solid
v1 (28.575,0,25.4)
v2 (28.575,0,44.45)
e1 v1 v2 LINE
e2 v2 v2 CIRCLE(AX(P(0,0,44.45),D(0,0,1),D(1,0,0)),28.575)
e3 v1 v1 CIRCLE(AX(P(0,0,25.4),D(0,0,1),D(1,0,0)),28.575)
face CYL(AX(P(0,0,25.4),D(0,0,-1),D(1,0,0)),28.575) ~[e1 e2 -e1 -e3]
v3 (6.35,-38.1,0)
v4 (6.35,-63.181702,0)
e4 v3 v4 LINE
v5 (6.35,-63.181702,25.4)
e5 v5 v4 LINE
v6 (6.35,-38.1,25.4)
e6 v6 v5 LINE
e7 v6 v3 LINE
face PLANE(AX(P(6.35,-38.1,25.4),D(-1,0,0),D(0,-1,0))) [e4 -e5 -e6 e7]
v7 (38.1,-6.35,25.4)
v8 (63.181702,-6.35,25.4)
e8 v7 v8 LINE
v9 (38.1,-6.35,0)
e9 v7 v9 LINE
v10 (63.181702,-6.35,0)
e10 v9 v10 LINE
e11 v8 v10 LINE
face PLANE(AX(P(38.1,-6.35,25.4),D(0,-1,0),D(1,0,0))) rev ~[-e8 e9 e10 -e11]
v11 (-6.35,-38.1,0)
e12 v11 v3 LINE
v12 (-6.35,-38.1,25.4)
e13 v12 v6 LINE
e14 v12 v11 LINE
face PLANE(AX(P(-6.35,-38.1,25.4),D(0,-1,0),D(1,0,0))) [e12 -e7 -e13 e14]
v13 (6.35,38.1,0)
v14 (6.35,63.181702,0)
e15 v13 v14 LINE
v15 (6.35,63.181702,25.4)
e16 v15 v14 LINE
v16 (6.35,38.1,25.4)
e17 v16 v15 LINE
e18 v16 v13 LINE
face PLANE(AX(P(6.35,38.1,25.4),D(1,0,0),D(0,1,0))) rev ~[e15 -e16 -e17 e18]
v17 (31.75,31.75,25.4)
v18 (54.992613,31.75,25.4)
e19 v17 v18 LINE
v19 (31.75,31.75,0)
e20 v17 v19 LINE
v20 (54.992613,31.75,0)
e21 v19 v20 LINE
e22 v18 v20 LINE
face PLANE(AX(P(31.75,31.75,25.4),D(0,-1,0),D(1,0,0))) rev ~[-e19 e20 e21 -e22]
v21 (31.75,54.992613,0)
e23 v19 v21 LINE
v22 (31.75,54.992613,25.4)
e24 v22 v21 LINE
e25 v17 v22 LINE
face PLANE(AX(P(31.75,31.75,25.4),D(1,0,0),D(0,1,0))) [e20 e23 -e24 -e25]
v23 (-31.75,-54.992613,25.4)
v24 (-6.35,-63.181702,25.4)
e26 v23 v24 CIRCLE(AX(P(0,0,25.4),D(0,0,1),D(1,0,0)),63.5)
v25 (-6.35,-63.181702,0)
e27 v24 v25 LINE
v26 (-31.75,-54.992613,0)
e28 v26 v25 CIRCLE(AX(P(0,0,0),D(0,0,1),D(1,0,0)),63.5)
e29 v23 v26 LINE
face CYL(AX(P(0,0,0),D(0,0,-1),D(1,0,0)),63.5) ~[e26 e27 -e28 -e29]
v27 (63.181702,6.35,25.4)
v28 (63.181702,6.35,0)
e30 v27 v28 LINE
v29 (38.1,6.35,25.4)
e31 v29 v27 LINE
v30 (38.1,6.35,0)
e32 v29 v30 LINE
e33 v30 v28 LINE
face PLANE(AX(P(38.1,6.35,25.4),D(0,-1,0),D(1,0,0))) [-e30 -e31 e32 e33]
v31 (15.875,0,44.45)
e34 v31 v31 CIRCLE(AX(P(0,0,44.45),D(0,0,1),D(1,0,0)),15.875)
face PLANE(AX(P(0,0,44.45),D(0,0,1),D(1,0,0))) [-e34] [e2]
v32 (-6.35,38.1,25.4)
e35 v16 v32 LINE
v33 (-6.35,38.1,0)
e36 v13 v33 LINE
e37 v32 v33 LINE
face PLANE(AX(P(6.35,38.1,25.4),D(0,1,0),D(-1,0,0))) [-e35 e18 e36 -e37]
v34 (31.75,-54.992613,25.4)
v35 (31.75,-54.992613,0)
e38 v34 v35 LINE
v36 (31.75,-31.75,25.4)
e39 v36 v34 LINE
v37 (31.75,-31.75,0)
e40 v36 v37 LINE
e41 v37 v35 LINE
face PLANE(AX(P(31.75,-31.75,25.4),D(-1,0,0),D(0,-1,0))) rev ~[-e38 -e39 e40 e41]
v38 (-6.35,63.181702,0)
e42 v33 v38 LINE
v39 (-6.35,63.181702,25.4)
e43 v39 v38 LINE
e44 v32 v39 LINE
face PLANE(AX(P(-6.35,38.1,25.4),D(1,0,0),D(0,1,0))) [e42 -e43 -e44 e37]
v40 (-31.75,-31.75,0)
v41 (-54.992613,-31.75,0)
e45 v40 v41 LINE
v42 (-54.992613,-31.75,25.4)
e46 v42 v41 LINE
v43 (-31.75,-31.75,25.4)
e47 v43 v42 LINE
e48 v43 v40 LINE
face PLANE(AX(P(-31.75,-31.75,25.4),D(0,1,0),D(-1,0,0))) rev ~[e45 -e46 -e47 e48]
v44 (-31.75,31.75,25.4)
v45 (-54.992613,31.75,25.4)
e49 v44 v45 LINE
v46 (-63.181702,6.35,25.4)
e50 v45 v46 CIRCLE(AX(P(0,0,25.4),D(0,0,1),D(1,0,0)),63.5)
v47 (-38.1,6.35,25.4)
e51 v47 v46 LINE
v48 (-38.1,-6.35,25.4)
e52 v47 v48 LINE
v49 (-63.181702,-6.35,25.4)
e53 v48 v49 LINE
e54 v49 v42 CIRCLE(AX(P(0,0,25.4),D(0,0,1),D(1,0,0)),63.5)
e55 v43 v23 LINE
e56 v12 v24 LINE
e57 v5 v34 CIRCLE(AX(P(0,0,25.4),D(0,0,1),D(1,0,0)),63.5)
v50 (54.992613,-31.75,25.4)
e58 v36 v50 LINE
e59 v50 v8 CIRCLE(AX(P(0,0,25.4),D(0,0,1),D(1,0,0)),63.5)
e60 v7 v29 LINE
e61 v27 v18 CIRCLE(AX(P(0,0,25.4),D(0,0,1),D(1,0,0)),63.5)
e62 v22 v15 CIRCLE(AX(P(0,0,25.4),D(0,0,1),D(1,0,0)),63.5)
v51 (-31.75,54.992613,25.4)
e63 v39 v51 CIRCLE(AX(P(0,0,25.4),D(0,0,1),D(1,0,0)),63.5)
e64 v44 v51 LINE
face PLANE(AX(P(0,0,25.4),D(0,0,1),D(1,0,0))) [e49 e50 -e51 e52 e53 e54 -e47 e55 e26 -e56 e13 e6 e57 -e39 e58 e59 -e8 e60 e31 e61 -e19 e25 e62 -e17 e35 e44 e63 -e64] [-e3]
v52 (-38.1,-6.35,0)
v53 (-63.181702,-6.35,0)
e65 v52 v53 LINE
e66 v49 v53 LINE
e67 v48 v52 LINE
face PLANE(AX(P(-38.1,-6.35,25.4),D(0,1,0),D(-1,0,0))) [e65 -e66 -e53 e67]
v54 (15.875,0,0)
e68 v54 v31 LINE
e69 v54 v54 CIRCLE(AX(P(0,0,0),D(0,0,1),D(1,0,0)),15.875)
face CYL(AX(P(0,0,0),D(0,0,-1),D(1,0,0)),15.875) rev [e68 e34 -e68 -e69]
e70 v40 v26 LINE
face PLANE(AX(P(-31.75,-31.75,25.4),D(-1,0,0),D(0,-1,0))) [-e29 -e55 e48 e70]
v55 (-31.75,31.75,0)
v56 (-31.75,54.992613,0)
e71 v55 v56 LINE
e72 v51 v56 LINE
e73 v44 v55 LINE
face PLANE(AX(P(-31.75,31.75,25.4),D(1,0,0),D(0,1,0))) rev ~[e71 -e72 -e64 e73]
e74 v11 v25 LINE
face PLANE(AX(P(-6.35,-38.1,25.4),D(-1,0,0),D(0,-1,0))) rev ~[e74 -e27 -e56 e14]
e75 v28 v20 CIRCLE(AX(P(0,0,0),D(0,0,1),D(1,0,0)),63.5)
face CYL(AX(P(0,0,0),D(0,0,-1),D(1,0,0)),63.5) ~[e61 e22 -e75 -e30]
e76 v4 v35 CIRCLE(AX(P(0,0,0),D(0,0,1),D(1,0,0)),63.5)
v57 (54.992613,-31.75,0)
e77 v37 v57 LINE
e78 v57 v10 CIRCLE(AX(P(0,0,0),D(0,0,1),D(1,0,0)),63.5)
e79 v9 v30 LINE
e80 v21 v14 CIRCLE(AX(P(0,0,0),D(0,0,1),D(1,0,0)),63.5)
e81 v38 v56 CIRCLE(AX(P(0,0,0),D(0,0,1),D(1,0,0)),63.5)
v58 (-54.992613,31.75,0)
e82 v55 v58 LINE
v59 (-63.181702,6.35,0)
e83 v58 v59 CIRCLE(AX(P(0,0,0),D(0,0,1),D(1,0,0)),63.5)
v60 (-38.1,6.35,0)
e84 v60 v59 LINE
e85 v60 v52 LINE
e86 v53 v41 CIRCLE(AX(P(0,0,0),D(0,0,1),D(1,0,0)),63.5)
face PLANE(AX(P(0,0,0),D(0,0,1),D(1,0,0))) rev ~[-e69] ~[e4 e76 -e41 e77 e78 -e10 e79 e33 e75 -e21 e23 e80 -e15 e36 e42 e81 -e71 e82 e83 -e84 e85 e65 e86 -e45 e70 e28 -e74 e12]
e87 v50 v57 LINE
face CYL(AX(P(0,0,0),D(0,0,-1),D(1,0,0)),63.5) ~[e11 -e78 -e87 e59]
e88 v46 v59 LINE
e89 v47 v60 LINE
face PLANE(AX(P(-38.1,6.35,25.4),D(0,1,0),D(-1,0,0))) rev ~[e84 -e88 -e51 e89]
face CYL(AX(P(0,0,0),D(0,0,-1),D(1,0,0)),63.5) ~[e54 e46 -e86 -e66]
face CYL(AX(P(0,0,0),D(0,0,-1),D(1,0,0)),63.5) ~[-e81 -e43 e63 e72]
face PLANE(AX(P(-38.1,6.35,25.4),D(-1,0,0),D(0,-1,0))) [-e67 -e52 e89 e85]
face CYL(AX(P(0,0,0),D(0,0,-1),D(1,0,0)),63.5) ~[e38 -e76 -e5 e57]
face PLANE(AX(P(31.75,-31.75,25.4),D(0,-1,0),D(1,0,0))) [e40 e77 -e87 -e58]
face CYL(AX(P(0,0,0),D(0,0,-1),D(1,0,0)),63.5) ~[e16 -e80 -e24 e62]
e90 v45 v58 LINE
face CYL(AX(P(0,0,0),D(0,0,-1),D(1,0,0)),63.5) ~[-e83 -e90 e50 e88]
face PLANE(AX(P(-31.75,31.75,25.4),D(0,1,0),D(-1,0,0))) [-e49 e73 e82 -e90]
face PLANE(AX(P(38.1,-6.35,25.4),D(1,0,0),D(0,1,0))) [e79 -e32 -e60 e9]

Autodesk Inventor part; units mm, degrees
ref_plane "YZ Plane" through (0, 0, 0) normal (1, 0, 0) x (0, 1, 0)
ref_plane "XZ Plane" through (0, 0, 0) normal (0, 1, 0) x (-1, 0, 0)
ref_plane "XY Plane" through (0, 0, 0) normal (0, 0, 1) x (1, 0, 0)
sketch "Sketch1" plane through (0, 0, 0) normal (0, 0, 1) x (1, 0, 0)
  circle A0 centre (0, 0) radius 63.5
  circle A1 centre (0, 0) radius 15.875
  dimension "d0" = 127
  dimension "d1" = 31.75
extrude "Extrusion1" add sketch "Sketch1" along normal blind 25.4
sketch "Sketch2" plane through (0, 0, 25.4) normal (0, 0, 1) x (1, 0, 0)
  circle A0 centre (0, 0) radius 28.575
  circle A1 centre (0, 0) radius 15.875
  dimension "d4" = 57.15
  dimension "d5" = 31.75
extrude "Extrusion2" add sketch "Sketch2" along normal blind 19.05
sketch "Sketch3" plane through (0, 0, 25.4) normal (0, 0, 1) x (1, 0, 0)
  line L0 (-38.1, -38.1) -> (38.1, -38.1)
  line L1 (38.1, -38.1) -> (38.1, 38.1)
  line L2 (38.1, 38.1) -> (-38.1, 38.1)
  line L3 (-38.1, 38.1) -> (-38.1, -38.1)
  line L4 (-6.35, 38.1) -> (-6.35, 66.3374)
  line L5 (-6.35, 38.1) -> (6.35, 38.1)
  line L6 (6.35, 38.1) -> (6.35, 66.3374)
  line L7 (6.35, 66.3374) -> (-6.35, 66.3374)
  line L8 (-38.1, -6.35) -> (-66.3374, -6.35)
  line L9 (-38.1, 6.35) -> (-66.3374, 6.35)
  line L10 (-66.3374, 6.35) -> (-66.3374, -6.35)
  line L11 (-6.35, -38.1) -> (-6.35, -66.3374)
  line L12 (6.35, -38.1) -> (6.35, -66.3374)
  line L13 (6.35, -66.3374) -> (-6.35, -66.3374)
  line L14 (38.1, 6.35) -> (66.3374, 6.35)
  line L15 (38.1, -6.35) -> (66.3374, -6.35)
  line L16 (66.3374, 6.35) -> (66.3374, -6.35)
  line L17 (-38.1, -6.35) -> (-38.1, 6.35)
  line L18 (-6.35, -38.1) -> (6.35, -38.1)
  line L19 (38.1, -6.35) -> (38.1, 6.35)
  point P0 (0, 0)
  dimension "d8" = 76.2
extrude "Extrusion3" cut sketch "Sketch3" against normal through all contours L0 L12 L13 L11 | L8 L10 L9 L3 | L1 L14 L16 L15 | L4 L7 L6 L2
sketch "Sketch4" plane through (0, 0, 25.4) normal (0, 0, 1) x (1, 0, 0)
  line L0 (31.75, 31.75) -> (130.2144, 31.75)
  line L1 (63.1817, -6.35) -> (38.1, -6.35) projected
  line L2 (0, 0) -> (95.3725, 0)
  line L3 (0, 0) -> (0, 66.6)
  line L4 (31.75, 31.75) -> (31.75, 99.3108)
  line L5 (31.75, -31.75) -> (130.2144, -31.75)
  line L6 (31.75, -31.75) -> (31.75, -99.3108)
  line L7 (31.75, 99.3108) -> (130.2144, 31.75)
  line L8 (31.75, -99.3108) -> (130.2144, -31.75)
  line L9 (-31.75, 31.75) -> (-130.2144, 31.75)
  line L10 (-31.75, 31.75) -> (-31.75, 99.3108)
  line L11 (-31.75, -31.75) -> (-31.75, -99.3108)
  line L12 (-31.75, -31.75) -> (-130.2144, -31.75)
  line L13 (-31.75, 99.3108) -> (-130.2144, 31.75)
  line L14 (-31.75, -99.3108) -> (-130.2144, -31.75)
  dimension "d18" = 31.75
  dimension "d19" = 31.75
extrude "Extrusion4" cut sketch "Sketch4" against normal through all
properties part number "HW 2 Part 5"
